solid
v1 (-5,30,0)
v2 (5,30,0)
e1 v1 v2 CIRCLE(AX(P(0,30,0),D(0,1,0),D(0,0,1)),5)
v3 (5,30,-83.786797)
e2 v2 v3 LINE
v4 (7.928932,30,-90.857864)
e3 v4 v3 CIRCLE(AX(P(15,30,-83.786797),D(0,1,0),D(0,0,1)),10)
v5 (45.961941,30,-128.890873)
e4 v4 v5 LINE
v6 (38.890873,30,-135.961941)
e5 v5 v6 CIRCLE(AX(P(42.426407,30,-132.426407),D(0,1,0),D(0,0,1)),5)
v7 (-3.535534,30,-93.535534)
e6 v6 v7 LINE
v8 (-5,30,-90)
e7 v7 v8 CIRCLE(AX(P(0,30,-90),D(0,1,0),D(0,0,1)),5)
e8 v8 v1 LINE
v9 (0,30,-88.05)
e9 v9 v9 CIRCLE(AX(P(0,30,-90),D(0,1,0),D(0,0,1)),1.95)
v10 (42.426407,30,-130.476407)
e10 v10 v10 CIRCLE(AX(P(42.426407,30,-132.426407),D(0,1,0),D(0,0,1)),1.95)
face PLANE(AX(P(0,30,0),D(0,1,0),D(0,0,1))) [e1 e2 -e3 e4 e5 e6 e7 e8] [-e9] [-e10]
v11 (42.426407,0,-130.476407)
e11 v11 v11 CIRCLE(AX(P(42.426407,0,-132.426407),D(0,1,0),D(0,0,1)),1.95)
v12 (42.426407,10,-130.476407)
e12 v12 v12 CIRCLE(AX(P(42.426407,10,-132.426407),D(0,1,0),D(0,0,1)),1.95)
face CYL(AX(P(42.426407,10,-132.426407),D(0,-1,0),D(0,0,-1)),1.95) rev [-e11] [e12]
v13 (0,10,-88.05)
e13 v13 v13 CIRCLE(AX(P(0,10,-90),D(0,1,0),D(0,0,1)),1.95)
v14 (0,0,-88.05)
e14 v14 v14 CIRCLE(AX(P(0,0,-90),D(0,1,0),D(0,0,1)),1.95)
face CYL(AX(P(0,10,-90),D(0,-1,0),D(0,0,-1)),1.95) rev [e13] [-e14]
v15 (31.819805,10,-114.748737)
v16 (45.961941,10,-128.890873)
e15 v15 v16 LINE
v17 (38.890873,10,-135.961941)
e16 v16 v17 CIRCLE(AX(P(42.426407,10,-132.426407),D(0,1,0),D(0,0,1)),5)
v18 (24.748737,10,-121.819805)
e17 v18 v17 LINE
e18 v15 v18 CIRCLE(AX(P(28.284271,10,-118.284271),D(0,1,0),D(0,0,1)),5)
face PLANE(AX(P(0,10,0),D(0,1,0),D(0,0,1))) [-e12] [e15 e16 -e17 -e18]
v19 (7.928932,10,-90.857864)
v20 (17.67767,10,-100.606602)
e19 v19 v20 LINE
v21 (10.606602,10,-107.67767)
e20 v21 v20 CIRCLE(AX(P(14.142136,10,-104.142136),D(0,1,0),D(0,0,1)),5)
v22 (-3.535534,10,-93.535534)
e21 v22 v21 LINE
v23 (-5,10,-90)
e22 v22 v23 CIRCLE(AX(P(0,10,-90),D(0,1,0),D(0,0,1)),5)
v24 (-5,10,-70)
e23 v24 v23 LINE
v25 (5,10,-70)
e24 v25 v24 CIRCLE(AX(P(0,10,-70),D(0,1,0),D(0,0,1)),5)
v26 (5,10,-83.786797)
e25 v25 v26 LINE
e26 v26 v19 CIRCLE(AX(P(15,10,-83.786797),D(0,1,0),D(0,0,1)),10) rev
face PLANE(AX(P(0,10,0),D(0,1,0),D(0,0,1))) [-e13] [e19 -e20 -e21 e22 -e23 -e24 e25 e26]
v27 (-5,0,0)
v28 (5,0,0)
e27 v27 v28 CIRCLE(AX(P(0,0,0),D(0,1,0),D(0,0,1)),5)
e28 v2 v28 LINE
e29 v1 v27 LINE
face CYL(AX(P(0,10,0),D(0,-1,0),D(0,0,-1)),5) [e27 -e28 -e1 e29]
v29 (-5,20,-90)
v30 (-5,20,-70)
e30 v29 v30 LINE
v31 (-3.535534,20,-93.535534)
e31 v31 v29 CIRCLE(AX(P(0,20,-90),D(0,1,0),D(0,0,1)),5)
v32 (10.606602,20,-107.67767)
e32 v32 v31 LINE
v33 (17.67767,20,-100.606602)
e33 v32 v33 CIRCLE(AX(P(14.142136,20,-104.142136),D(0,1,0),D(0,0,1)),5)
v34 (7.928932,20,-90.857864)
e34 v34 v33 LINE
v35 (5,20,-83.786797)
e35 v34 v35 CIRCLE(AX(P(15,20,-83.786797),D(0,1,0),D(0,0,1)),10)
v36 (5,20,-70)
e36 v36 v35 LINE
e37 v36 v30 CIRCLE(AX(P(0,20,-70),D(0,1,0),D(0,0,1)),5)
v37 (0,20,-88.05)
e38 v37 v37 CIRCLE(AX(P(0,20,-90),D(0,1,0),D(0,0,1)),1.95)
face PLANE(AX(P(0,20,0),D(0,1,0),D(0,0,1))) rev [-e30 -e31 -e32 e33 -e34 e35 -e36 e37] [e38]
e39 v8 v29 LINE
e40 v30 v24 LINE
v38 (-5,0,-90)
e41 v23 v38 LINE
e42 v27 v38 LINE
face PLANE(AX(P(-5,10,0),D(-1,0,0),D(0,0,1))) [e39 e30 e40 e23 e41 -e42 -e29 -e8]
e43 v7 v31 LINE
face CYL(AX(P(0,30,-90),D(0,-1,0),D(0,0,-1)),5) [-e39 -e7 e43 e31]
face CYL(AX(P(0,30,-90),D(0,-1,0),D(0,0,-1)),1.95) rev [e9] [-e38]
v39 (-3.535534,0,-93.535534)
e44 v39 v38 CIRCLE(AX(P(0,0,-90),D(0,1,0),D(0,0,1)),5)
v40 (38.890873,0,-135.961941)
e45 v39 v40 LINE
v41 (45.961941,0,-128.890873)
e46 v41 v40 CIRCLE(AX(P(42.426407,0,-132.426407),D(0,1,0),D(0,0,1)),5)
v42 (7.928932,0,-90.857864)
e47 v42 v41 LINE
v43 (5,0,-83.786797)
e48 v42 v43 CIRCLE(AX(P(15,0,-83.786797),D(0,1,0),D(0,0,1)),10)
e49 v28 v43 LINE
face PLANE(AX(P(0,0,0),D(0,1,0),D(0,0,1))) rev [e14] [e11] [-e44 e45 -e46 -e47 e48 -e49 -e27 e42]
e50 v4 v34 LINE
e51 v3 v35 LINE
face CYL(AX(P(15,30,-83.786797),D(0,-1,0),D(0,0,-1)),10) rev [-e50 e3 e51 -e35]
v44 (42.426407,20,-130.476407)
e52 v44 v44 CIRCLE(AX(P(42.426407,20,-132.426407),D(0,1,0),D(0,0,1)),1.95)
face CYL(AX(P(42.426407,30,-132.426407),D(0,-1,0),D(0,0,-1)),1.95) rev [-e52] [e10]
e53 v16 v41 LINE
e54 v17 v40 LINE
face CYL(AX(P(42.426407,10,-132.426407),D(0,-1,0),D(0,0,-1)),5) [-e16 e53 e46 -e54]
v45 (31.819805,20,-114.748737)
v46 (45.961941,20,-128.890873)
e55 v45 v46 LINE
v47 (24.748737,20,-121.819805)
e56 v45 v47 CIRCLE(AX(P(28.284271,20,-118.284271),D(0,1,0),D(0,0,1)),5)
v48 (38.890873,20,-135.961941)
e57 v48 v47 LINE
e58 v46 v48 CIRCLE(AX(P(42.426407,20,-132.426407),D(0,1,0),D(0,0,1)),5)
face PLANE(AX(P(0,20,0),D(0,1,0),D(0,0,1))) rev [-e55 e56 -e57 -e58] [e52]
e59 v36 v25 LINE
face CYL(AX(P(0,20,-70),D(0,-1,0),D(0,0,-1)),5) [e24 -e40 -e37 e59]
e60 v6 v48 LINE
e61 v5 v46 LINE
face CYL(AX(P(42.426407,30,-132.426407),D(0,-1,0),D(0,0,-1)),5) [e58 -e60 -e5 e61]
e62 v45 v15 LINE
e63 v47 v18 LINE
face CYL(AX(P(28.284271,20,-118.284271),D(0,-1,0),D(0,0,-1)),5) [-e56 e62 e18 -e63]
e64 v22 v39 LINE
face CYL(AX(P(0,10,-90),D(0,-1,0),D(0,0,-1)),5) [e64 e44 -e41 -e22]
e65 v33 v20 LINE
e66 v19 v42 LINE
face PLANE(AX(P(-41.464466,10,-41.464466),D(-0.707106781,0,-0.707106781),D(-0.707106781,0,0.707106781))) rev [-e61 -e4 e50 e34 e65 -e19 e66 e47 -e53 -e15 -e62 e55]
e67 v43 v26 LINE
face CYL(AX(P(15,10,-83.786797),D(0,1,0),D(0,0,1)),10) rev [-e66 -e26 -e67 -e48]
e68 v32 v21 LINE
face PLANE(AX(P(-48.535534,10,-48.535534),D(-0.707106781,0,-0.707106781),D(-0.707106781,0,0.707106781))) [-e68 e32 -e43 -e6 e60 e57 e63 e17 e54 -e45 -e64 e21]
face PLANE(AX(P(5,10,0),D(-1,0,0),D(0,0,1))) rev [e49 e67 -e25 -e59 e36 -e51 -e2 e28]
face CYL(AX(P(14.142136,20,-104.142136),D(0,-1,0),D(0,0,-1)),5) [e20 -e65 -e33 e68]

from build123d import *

# Parameters (mm, degrees)
ESQUISSE2_R        = 1.95
BOSS_EXTRU_1_DEPTH = 10
CONG_1_R           = 10
BOSS_EXTRU_2_DEPTH = 10
ESQUISSE4_R        = 1.95
BOSS_EXTRU_3_DEPTH = 10


with BuildPart() as part:
    # Esquisse2 → Boss.-Extru.1 (new body)
    # profile 1 of 3: a face of its own
    with BuildSketch(Plane(origin=(0, 0, 0), x_dir=(1, 0, 0), z_dir=(0, 1, 0))):
        with BuildLine():
            Line((-5, 90), (-5, 0))
            ThreePointArc((-5, 0), (0, -5), (5, 0))
            Line((5, 0), (5, 87.928932188))
            Line((5, 87.928932188), (3.535533906, 86.464466094))
            ThreePointArc((3.535533906, 86.464466094), (-1.913417162, 85.380602337), (-5, 90))
        make_face()
    # profile 2 of 3: a face of its own
    with BuildSketch(Plane(origin=(0, 0, 0), x_dir=(1, 0, 0), z_dir=(0, 1, 0))):
        with BuildLine():
            Line((38.890872965, 135.961940777), (-3.535533906, 93.535533906))
            ThreePointArc((-3.535533906, 93.535533906), (1.913417162, 94.619397663), (5, 90))
            Line((5, 90), (5, 87.928932188))
            Line((5, 87.928932188), (45.961940777, 128.890872965))
            ThreePointArc((45.961940777, 128.890872965), (45.961940777, 135.961940777), (38.890872965, 135.961940777))
        make_face()
        with Locations(Location((42.426406871, 132.426406871, 0), (0, 0, 270))):
            Circle(ESQUISSE2_R, mode=Mode.SUBTRACT)
    # profile 3 of 3: a face of its own
    with BuildSketch(Plane(origin=(0, 0, 0), x_dir=(1, 0, 0), z_dir=(0, 1, 0))):
        with BuildLine():
            ThreePointArc((-3.535533906, 93.535533906), (-4.619397663, 91.913417162), (-5, 90))
            ThreePointArc((-5, 90), (-1.913417162, 85.380602337), (3.535533906, 86.464466094))
            Line((3.535533906, 86.464466094), (5, 87.928932188))
            Line((5, 87.928932188), (5, 90))
            ThreePointArc((5, 90), (1.913417162, 94.619397663), (-3.535533906, 93.535533906))
        make_face()
        with Locations(Location((0, 90, 0), (0, 0, 270))):
            Circle(ESQUISSE2_R, mode=Mode.SUBTRACT)
    extrude(amount=BOSS_EXTRU_1_DEPTH)

    # Congé1
    cong_1_edges = [part.edges().sort_by_distance(p)[0] for p in [
        (5, 5, -87.928932188),
    ]]
    fillet(cong_1_edges, radius=CONG_1_R)

    # Esquisse3 → Boss.-Extru.2 (add)
    with BuildSketch(Plane(origin=(0, 10, 0), x_dir=(1, 0, 0), z_dir=(0, 1, 0))):
        with BuildLine():
            Line((-5, 0), (-5, 70))
            ThreePointArc((-5, 70), (0, 75), (5, 70))
            Line((5, 70), (5, 0))
            ThreePointArc((5, 0), (0, -5), (-5, 0))
        make_face()
        with BuildLine():
            Line((31.819805153, 114.748737342), (17.67766953, 100.606601718))
            ThreePointArc((17.67766953, 100.606601718), (10.606601718, 100.606601718), (10.606601718, 107.67766953))
            Line((10.606601718, 107.67766953), (24.748737342, 121.819805153))
            ThreePointArc((24.748737342, 121.819805153), (31.819805153, 121.819805153), (31.819805153, 114.748737342))
        make_face()
    extrude(amount=BOSS_EXTRU_2_DEPTH)

    # Esquisse4 → Boss.-Extru.3 (add)
    # profile 1 of 4: a face of its own
    with BuildSketch(Plane(origin=(0, 20, 0), x_dir=(1, 0, 0), z_dir=(0, 1, 0))):
        with BuildLine():
            Line((31.819805153, 114.748737342), (45.961940777, 128.890872965))
            ThreePointArc((45.961940777, 128.890872965), (45.961940777, 135.961940777), (38.890872965, 135.961940777))
            Line((38.890872965, 135.961940777), (24.748737342, 121.819805153))
            ThreePointArc((24.748737342, 121.819805153), (31.819805153, 121.819805153), (31.819805153, 114.748737342))
        make_face()
        with Locations(Location((42.426406871, 132.426406871, 0), (0, 0, 270))):
            Circle(ESQUISSE4_R, mode=Mode.SUBTRACT)
    # profile 2 of 4: a face of its own
    with BuildSketch(Plane(origin=(0, 20, 0), x_dir=(1, 0, 0), z_dir=(0, 1, 0))):
        with BuildLine():
            Line((17.67766953, 100.606601718), (31.819805153, 114.748737342))
            ThreePointArc((31.819805153, 114.748737342), (31.819805153, 121.819805153), (24.748737342, 121.819805153))
            Line((24.748737342, 121.819805153), (10.606601718, 107.67766953))
            ThreePointArc((10.606601718, 107.67766953), (10.606601718, 100.606601718), (17.67766953, 100.606601718))
        make_face()
    # profile 3 of 4: a face of its own
    with BuildSketch(Plane(origin=(0, 20, 0), x_dir=(1, 0, 0), z_dir=(0, 1, 0))):
        with BuildLine():
            ThreePointArc((7.928932188, 90.857864376), (5.761204675, 87.613630888), (5, 83.786796564))
            Line((5, 83.786796564), (5, 70))
            ThreePointArc((5, 70), (0, 75), (-5, 70))
            Line((-5, 70), (-5, 90))
            ThreePointArc((-5, 90), (-4.619397663, 91.913417162), (-3.535533906, 93.535533906))
            Line((-3.535533906, 93.535533906), (10.606601718, 107.67766953))
            ThreePointArc((10.606601718, 107.67766953), (10.606601718, 100.606601718), (17.67766953, 100.606601718))
            Line((17.67766953, 100.606601718), (7.928932188, 90.857864376))
        make_face()
        with Locations(Location((0, 90, 0), (0, 0, 270))):
            Circle(ESQUISSE4_R, mode=Mode.SUBTRACT)
    # profile 4 of 4: a face of its own
    with BuildSketch(Plane(origin=(0, 20, 0), x_dir=(1, 0, 0), z_dir=(0, 1, 0))):
        with BuildLine():
            Line((-5, 70), (-5, 0))
            ThreePointArc((-5, 0), (0, -5), (5, 0))
            Line((5, 0), (5, 70))
            ThreePointArc((5, 70), (0, 75), (-5, 70))
        make_face()
    extrude(amount=BOSS_EXTRU_3_DEPTH)


solid = part.part
